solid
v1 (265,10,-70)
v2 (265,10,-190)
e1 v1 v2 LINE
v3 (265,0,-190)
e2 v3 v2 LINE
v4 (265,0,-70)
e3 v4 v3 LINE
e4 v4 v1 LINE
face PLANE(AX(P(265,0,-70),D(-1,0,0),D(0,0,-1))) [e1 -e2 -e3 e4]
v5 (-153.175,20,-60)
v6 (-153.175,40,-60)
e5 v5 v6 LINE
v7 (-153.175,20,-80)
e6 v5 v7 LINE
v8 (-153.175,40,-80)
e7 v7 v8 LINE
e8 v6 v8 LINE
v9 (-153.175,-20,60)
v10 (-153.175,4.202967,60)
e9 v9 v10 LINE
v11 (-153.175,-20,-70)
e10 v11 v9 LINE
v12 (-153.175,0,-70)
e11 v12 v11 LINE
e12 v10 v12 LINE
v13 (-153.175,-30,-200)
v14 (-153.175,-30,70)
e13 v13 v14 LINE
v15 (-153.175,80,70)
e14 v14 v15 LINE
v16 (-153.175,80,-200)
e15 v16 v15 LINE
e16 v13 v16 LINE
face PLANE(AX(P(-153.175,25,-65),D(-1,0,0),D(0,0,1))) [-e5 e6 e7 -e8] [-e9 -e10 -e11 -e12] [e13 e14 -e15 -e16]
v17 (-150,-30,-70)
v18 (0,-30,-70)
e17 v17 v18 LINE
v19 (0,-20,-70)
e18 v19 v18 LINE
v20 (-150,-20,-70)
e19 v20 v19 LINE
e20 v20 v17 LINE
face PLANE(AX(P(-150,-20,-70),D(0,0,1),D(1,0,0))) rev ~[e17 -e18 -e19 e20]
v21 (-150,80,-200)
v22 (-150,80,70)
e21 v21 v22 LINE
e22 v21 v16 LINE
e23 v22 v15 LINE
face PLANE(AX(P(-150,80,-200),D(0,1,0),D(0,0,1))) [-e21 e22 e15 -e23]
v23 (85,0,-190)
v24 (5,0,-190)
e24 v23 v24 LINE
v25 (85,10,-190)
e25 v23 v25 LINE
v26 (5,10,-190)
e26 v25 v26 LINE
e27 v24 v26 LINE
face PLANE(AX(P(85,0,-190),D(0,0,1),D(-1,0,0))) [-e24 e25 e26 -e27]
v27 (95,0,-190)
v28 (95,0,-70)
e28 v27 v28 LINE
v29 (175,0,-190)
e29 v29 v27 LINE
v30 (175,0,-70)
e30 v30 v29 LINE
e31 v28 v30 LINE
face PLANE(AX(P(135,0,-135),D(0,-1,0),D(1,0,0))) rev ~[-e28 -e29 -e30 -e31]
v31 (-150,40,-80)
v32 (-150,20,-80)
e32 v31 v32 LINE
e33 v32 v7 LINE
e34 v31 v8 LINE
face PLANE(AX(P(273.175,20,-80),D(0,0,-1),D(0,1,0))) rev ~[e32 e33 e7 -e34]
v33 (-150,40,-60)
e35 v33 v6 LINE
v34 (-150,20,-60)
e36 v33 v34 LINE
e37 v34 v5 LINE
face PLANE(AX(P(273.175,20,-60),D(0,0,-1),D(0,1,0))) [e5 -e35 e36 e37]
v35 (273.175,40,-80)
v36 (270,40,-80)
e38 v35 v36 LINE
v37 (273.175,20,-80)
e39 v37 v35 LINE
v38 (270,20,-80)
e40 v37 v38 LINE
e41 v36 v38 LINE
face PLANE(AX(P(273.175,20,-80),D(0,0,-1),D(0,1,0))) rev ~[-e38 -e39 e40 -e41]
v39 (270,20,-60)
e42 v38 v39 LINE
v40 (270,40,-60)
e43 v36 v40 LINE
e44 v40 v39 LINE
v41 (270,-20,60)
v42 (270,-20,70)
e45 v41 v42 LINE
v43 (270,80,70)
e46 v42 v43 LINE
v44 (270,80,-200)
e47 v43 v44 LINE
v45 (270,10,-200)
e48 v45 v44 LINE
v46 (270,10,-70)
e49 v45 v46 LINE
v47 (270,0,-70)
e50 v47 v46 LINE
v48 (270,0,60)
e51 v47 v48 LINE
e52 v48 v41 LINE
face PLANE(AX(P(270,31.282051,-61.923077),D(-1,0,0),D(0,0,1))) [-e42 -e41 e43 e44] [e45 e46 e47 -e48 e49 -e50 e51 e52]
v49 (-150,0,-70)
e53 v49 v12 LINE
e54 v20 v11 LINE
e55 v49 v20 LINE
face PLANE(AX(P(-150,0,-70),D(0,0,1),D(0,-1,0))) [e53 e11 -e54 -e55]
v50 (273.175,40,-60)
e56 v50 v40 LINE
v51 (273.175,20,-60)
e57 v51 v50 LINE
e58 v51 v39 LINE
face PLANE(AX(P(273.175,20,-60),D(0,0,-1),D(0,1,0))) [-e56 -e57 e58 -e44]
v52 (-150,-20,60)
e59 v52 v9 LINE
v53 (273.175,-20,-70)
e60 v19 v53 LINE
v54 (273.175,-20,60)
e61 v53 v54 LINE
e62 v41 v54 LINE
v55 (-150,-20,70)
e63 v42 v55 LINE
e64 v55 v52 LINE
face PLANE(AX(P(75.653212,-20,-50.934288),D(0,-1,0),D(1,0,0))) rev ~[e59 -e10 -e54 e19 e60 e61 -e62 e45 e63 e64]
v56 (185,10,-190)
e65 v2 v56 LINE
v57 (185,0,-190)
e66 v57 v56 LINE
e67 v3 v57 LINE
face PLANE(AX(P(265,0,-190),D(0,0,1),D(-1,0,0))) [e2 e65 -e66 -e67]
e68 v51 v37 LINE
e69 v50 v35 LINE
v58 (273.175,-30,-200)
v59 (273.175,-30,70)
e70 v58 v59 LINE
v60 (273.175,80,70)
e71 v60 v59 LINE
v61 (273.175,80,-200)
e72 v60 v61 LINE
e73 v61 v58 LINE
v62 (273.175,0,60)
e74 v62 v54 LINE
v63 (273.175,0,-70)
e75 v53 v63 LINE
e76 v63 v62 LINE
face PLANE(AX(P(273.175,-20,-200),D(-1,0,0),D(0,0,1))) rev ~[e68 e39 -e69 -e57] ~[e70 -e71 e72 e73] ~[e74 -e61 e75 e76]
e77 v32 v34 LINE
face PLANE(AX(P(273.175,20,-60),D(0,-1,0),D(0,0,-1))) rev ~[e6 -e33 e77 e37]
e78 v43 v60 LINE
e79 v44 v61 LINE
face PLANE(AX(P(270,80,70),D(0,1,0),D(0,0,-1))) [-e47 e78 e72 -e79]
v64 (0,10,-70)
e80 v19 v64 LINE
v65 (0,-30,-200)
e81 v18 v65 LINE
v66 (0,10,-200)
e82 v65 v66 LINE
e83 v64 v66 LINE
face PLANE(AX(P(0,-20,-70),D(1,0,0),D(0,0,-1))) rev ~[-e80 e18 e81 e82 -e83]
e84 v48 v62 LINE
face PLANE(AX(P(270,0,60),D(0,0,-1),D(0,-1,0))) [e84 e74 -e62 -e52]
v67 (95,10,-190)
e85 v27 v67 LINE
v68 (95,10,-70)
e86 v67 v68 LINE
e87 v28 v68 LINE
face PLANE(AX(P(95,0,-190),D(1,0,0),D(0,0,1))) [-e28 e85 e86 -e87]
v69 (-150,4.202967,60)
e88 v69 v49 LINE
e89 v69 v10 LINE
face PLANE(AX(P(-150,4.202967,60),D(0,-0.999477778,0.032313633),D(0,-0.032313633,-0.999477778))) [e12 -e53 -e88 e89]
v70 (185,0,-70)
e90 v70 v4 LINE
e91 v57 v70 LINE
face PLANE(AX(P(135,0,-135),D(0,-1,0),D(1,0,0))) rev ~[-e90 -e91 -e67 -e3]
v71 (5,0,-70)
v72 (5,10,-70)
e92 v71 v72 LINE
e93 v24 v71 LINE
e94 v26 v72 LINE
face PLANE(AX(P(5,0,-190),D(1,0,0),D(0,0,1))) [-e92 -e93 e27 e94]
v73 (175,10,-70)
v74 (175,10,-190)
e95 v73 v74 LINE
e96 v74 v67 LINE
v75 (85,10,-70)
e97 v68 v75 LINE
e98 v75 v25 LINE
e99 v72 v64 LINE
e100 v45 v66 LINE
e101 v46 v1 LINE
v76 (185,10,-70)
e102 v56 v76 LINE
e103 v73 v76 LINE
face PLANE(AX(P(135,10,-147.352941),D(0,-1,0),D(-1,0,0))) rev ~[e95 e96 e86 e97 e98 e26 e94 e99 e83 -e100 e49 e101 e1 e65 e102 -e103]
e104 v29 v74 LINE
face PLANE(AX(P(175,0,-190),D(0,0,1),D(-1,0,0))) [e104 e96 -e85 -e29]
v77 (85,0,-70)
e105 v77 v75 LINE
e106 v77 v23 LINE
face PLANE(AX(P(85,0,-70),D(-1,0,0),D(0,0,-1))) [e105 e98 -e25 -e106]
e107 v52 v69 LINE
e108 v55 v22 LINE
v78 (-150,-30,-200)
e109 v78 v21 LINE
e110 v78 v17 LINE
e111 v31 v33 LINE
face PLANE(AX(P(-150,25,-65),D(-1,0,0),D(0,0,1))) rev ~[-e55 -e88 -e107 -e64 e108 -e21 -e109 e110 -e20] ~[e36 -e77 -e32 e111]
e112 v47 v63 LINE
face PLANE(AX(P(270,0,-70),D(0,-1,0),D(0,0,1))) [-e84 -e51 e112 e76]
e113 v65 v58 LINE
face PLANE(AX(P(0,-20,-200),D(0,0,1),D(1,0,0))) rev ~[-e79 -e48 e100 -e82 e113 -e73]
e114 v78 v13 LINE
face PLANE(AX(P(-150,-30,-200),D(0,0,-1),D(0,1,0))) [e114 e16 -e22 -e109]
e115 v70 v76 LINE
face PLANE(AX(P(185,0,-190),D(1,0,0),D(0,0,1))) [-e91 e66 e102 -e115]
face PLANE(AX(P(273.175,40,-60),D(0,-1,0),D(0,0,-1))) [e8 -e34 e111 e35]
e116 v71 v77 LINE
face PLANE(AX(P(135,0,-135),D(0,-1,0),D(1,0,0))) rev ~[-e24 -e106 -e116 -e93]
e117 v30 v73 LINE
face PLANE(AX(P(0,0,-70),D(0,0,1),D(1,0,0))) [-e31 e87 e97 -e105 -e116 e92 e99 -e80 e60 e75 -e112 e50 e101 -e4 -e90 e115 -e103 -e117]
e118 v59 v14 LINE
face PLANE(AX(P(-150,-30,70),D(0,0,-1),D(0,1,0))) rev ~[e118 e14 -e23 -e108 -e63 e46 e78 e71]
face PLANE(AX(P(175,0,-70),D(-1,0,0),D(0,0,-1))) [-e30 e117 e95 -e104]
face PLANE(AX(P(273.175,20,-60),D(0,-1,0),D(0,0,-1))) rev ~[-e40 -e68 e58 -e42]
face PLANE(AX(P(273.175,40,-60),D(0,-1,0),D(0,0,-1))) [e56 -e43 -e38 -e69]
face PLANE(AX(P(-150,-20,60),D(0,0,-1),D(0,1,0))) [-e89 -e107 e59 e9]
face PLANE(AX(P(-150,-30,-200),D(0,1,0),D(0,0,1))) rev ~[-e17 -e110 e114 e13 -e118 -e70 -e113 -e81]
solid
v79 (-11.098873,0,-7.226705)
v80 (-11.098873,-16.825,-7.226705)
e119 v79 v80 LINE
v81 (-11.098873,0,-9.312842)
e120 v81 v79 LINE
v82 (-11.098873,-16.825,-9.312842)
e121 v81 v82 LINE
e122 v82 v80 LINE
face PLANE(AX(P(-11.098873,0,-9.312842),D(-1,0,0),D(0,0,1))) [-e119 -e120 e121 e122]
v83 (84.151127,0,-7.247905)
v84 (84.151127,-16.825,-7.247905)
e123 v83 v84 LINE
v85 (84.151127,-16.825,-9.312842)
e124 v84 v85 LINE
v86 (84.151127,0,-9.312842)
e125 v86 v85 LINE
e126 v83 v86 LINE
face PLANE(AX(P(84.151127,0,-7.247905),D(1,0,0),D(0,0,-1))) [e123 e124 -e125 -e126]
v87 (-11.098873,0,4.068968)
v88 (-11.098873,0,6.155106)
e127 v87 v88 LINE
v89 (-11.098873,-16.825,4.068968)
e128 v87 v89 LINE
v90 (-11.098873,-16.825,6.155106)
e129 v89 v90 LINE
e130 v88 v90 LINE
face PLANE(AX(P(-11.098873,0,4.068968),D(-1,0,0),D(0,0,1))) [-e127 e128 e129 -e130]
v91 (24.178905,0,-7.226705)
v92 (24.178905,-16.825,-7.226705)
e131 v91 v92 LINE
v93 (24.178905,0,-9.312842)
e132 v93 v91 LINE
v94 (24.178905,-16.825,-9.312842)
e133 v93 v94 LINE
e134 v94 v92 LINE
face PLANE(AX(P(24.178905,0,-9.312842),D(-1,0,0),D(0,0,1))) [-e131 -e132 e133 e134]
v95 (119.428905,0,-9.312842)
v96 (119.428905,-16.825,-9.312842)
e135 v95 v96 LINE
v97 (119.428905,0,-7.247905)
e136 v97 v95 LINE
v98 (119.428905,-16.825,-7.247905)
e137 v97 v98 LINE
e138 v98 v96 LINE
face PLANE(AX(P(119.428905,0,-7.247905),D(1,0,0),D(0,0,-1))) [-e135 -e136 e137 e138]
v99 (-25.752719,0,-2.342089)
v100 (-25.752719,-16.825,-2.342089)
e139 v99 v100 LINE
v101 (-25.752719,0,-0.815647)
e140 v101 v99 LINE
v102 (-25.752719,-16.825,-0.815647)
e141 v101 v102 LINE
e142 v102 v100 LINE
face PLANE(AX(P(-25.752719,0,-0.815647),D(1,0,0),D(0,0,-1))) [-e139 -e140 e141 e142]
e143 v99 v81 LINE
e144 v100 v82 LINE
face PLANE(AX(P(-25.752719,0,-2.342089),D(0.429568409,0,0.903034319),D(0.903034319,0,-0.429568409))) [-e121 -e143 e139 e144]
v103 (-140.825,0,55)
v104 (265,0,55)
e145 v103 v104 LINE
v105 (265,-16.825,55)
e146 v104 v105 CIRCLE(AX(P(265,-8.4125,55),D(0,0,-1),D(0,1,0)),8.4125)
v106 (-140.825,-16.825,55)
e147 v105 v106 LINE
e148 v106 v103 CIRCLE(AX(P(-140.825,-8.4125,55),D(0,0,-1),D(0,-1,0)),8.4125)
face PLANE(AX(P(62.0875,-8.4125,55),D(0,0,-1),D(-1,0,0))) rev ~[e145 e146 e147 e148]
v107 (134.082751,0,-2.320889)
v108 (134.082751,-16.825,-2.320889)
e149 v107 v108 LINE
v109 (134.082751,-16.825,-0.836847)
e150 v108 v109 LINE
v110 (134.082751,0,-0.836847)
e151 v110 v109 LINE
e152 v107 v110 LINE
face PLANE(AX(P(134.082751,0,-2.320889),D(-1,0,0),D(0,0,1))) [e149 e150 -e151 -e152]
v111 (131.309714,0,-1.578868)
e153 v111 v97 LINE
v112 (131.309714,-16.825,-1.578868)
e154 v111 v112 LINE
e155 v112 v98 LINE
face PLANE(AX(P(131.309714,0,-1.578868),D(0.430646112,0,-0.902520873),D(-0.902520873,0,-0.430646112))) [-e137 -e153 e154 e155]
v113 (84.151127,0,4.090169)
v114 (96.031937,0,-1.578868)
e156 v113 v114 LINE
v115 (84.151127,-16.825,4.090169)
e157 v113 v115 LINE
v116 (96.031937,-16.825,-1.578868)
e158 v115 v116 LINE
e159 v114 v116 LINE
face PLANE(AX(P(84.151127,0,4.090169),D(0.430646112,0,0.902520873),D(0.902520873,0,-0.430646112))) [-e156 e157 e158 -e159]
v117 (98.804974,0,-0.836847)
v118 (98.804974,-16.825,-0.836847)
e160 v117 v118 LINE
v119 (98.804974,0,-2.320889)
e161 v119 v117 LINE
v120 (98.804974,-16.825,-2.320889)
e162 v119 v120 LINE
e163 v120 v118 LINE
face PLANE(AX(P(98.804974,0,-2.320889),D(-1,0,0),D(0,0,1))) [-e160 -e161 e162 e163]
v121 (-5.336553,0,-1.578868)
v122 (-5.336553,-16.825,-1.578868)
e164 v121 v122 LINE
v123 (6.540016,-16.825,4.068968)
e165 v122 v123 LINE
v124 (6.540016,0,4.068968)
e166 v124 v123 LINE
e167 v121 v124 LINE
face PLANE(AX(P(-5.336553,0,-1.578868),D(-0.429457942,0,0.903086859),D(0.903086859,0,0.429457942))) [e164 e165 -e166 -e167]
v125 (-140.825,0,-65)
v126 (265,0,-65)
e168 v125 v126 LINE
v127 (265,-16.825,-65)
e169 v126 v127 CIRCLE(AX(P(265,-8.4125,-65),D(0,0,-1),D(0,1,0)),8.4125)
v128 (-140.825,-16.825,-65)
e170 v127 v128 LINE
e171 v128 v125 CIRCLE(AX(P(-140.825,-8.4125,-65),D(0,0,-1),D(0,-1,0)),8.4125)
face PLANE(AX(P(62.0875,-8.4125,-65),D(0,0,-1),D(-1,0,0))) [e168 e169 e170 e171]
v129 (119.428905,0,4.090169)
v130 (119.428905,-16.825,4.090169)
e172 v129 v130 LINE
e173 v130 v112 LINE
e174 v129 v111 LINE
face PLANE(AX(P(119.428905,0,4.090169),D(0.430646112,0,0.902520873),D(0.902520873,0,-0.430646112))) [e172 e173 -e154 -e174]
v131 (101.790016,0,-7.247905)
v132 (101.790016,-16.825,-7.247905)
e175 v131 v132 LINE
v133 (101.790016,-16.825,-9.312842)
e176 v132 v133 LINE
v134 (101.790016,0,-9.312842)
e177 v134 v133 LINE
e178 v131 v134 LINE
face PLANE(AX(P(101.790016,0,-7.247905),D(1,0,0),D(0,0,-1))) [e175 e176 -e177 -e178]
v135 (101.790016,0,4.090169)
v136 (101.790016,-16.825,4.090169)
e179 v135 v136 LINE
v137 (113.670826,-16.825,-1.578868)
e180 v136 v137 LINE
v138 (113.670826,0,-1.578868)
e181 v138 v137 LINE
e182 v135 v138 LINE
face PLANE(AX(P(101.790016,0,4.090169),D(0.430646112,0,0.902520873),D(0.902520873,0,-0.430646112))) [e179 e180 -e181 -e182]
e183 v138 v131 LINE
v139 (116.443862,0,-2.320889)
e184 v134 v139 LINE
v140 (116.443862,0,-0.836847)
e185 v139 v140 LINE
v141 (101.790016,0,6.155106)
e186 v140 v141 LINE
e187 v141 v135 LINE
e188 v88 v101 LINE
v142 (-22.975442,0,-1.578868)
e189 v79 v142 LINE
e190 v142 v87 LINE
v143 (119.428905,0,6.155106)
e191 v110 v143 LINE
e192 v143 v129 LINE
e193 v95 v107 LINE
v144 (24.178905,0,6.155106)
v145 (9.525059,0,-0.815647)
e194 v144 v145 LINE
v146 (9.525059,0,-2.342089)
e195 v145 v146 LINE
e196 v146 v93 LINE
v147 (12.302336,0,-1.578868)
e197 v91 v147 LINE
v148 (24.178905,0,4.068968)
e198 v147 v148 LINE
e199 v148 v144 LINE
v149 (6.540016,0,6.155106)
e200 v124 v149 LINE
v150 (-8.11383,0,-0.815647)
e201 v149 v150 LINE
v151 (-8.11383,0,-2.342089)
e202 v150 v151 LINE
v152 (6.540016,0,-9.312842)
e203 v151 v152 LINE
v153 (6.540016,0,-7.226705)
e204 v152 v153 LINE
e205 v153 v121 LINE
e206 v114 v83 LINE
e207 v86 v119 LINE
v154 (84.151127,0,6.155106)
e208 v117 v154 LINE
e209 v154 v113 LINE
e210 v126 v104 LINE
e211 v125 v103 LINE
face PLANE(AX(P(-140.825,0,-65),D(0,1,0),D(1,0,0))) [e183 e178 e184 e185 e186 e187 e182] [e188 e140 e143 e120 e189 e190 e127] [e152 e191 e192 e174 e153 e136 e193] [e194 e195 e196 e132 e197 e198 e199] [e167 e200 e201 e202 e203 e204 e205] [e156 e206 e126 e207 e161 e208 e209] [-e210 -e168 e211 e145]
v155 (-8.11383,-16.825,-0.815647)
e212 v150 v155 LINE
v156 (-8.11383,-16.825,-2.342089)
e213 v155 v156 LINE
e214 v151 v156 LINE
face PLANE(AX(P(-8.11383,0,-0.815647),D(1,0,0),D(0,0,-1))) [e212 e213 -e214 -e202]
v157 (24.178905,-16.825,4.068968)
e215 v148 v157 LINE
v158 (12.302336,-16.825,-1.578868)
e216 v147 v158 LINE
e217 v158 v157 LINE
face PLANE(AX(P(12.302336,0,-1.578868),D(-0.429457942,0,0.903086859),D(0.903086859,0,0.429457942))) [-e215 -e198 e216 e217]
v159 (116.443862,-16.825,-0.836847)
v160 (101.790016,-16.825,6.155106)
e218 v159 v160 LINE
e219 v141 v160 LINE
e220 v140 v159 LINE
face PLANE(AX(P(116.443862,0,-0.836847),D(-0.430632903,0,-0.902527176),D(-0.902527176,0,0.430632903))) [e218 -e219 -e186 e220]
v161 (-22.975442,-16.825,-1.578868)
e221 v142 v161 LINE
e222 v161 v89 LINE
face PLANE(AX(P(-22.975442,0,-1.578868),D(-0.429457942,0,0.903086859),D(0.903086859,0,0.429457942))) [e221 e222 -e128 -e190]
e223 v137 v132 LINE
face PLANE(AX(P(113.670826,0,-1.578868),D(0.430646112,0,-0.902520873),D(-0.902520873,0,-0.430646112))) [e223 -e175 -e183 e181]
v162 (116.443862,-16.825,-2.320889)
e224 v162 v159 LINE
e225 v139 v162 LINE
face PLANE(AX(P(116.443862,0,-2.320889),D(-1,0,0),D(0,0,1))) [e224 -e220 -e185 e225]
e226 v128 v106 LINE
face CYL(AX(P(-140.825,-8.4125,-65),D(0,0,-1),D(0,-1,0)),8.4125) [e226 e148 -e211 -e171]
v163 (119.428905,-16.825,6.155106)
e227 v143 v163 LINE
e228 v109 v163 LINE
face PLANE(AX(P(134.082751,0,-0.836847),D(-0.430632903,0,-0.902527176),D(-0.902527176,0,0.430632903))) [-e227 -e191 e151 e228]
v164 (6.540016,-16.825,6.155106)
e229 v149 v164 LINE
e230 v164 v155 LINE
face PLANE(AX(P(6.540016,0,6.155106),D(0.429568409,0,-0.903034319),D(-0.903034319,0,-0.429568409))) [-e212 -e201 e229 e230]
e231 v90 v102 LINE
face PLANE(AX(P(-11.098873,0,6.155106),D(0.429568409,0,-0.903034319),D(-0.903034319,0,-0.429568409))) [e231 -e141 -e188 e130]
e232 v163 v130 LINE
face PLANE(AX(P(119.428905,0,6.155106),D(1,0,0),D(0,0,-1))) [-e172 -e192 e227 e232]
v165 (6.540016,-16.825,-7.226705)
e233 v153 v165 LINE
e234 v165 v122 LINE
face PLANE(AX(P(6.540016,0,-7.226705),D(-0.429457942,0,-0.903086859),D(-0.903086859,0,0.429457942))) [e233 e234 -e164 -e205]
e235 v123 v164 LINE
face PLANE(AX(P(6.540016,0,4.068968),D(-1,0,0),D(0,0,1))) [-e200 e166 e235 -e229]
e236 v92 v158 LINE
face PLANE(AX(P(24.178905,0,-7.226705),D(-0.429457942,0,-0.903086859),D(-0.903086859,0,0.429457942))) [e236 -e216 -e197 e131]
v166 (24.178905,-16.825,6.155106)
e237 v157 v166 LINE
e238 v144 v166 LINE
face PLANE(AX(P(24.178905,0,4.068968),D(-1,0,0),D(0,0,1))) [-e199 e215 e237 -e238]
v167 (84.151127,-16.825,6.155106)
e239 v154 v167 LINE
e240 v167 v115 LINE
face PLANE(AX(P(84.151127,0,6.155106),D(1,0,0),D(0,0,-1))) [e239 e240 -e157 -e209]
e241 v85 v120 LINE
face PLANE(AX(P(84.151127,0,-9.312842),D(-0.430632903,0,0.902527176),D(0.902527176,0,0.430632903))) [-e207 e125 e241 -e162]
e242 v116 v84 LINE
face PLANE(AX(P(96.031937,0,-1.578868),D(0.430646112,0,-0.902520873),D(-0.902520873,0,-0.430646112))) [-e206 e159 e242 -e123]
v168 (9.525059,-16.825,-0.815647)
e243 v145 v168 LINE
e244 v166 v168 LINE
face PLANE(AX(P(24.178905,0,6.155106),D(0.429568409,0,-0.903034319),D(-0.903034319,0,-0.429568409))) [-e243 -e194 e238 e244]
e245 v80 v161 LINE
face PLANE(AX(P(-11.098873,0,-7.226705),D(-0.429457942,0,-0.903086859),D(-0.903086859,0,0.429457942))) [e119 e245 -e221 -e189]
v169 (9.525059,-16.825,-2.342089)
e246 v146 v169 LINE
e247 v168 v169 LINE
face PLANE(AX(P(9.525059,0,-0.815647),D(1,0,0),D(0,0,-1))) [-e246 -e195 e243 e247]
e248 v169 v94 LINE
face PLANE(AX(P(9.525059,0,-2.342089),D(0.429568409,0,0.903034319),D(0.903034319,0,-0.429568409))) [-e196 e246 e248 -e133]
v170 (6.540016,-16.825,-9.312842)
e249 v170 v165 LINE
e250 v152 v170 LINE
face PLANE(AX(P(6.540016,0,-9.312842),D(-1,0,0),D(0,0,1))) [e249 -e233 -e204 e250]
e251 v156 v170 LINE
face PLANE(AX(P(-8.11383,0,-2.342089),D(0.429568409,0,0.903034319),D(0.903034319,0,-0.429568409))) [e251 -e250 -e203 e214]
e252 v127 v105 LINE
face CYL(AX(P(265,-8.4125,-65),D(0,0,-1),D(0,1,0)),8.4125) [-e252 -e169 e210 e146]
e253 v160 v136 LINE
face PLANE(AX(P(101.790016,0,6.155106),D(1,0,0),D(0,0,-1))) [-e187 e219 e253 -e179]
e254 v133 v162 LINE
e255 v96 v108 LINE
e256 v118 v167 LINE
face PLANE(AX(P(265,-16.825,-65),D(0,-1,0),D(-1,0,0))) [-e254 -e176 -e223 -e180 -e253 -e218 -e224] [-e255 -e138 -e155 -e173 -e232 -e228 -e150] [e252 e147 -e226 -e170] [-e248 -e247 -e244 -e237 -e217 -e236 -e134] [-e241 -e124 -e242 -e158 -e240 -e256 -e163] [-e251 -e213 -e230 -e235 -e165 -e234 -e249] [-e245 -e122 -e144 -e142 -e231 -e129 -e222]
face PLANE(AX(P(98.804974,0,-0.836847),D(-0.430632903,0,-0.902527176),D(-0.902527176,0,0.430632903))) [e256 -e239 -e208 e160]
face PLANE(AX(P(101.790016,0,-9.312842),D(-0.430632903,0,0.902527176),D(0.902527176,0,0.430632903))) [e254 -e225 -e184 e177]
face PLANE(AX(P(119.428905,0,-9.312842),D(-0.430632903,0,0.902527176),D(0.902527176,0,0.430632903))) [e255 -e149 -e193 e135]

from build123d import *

# Parameters (mm, degrees)
PARKING_DEPTH       = 10
PARKINGS_COUNT      = 3
PARKINGS_PITCH      = 90
RIGHTWALL_DEPTH     = 3.175
SKETCH5_W           = 270
SKETCH5_H           = 130
PARKINGBOTTOM_DEPTH = 20
BELT_DEPTH          = 120
SIGN_DEPTH          = 16.825
FLOORBASE_DEPTH     = 10
SKETCH19_W          = 270
SKETCH19_H          = 110
LEFTWALL_DEPTH      = 3.175
SKETCH2_W           = 20
SKETCH2_H           = 20
LASERHOLE_DEPTH     = 426.35


with BuildPart() as part:
    # SingleLot → Parking (new body)
    with BuildSketch(Plane(origin=(0, 0, 0), x_dir=(1, 0, 0), z_dir=(0, 1, 0))):
        Polygon((5, 70), (0, 70), (0, 200), (90, 200), (90, 70), (85, 70), (85, 190), (5, 190), align=None)
    parking = extrude(amount=PARKING_DEPTH)

    # Parkings: Parking ×3
    with Locations(*[(i * PARKINGS_PITCH, 0, 0) for i in range(1, PARKINGS_COUNT)]):
        add(parking)

    # Wall → RightWall (add)
    with BuildSketch(Plane(origin=(270, 0, 0), x_dir=(0, 0, -1), z_dir=(1, 0, 0))):
        Polygon((-70, 80), (200, 80), (200, 0), (200, -20), (70, -20), (70, 0), (-60, 0), (-60, -20), (-70, -20), align=None)
    extrude(amount=RIGHTWALL_DEPTH)

    # Sketch5 → ParkingBottom (add)
    with BuildSketch(Plane.XZ):
        with Locations((135, -135)):
            Rectangle(SKETCH5_W, SKETCH5_H)
    extrude(amount=PARKINGBOTTOM_DEPTH)

    # Sketch17 → FloorBase (add)
    with BuildSketch(Plane.XZ.offset(20)):
        Polygon((0, -200), (273.175, -200), (273.175, 70), (-150, 70), (-150, -70), (0, -70), align=None)
    extrude(amount=FLOORBASE_DEPTH)

    # Sketch19 → LeftWall (add)
    with BuildSketch(Plane.ZY.offset(150)):
        with Locations((-65, 25)):
            Rectangle(SKETCH19_W, SKETCH19_H)
        Polygon((60, -20), (60, 4.202967169), (-70, 0), (-70, -20), align=None, mode=Mode.SUBTRACT)
    extrude(amount=LEFTWALL_DEPTH)

    # Sketch2 → LaserHole (cut)
    with BuildSketch(Plane(origin=(273.175, 0, 0), x_dir=(0, 0, -1), z_dir=(1, 0, 0))):
        with Locations((70, 30)):
            Rectangle(SKETCH2_W, SKETCH2_H)
    extrude(amount=-LASERHOLE_DEPTH, mode=Mode.SUBTRACT)


with BuildPart() as body_2:
    # Sketch15 → Belt (new body)
    with BuildSketch(Plane.XY.offset(-65)):
        with BuildLine():
            Line((-140.825, 0), (265, 0))
            ThreePointArc((265, 0), (273.4125, -8.4125), (265, -16.825))
            Line((265, -16.825), (-140.825, -16.825))
            ThreePointArc((-140.825, -16.825), (-149.2375, -8.4125), (-140.825, 0))
        make_face()
    extrude(amount=BELT_DEPTH)

    # Sketch16 → <<>>Sign (cut)
    with BuildSketch(Plane(origin=(0, 0, 0), x_dir=(1, 0, 0), z_dir=(0, 1, 0))):
        Polygon((-11.098872594, -4.068968491), (-11.098872594, -6.155106312), (-25.752718748, 0.815646893), (-25.752718748, 2.342089201), (-11.098872594, 9.312842406), (-11.098872594, 7.226704586), (-22.975441771, 1.578868047), align=None)
        Polygon((6.540016295, -4.068968491), (6.540016295, -6.155106312), (-8.113829859, 0.815646893), (-8.113829859, 2.342089201), (6.540016295, 9.312842406), (6.540016295, 7.226704586), (-5.336552882, 1.578868047), align=None)
        Polygon((24.178905184, -4.068968491), (24.178905184, -6.155106312), (9.52505903, 0.815646893), (9.52505903, 2.342089201), (24.178905184, 9.312842406), (24.178905184, 7.226704586), (12.302336007, 1.578868047), align=None)
        Polygon((84.151127406, -4.090169079), (96.031936701, 1.578868047), (84.151127406, 7.247905173), (84.151127406, 9.312842406), (98.80497356, 2.320888613), (98.80497356, 0.836847481), (84.151127406, -6.155106312), align=None)
        Polygon((101.790016295, -4.090169079), (113.67082559, 1.578868047), (101.790016295, 7.247905173), (101.790016295, 9.312842406), (116.443862449, 2.320888613), (116.443862449, 0.836847481), (101.790016295, -6.155106312), align=None)
        Polygon((119.428905184, -4.090169079), (131.309714479, 1.578868047), (119.428905184, 7.247905173), (119.428905184, 9.312842406), (134.082751338, 2.320888613), (134.082751338, 0.836847481), (119.428905184, -6.155106312), align=None)
    extrude(amount=-SIGN_DEPTH, mode=Mode.SUBTRACT)


solid = Compound([part.part, body_2.part])
